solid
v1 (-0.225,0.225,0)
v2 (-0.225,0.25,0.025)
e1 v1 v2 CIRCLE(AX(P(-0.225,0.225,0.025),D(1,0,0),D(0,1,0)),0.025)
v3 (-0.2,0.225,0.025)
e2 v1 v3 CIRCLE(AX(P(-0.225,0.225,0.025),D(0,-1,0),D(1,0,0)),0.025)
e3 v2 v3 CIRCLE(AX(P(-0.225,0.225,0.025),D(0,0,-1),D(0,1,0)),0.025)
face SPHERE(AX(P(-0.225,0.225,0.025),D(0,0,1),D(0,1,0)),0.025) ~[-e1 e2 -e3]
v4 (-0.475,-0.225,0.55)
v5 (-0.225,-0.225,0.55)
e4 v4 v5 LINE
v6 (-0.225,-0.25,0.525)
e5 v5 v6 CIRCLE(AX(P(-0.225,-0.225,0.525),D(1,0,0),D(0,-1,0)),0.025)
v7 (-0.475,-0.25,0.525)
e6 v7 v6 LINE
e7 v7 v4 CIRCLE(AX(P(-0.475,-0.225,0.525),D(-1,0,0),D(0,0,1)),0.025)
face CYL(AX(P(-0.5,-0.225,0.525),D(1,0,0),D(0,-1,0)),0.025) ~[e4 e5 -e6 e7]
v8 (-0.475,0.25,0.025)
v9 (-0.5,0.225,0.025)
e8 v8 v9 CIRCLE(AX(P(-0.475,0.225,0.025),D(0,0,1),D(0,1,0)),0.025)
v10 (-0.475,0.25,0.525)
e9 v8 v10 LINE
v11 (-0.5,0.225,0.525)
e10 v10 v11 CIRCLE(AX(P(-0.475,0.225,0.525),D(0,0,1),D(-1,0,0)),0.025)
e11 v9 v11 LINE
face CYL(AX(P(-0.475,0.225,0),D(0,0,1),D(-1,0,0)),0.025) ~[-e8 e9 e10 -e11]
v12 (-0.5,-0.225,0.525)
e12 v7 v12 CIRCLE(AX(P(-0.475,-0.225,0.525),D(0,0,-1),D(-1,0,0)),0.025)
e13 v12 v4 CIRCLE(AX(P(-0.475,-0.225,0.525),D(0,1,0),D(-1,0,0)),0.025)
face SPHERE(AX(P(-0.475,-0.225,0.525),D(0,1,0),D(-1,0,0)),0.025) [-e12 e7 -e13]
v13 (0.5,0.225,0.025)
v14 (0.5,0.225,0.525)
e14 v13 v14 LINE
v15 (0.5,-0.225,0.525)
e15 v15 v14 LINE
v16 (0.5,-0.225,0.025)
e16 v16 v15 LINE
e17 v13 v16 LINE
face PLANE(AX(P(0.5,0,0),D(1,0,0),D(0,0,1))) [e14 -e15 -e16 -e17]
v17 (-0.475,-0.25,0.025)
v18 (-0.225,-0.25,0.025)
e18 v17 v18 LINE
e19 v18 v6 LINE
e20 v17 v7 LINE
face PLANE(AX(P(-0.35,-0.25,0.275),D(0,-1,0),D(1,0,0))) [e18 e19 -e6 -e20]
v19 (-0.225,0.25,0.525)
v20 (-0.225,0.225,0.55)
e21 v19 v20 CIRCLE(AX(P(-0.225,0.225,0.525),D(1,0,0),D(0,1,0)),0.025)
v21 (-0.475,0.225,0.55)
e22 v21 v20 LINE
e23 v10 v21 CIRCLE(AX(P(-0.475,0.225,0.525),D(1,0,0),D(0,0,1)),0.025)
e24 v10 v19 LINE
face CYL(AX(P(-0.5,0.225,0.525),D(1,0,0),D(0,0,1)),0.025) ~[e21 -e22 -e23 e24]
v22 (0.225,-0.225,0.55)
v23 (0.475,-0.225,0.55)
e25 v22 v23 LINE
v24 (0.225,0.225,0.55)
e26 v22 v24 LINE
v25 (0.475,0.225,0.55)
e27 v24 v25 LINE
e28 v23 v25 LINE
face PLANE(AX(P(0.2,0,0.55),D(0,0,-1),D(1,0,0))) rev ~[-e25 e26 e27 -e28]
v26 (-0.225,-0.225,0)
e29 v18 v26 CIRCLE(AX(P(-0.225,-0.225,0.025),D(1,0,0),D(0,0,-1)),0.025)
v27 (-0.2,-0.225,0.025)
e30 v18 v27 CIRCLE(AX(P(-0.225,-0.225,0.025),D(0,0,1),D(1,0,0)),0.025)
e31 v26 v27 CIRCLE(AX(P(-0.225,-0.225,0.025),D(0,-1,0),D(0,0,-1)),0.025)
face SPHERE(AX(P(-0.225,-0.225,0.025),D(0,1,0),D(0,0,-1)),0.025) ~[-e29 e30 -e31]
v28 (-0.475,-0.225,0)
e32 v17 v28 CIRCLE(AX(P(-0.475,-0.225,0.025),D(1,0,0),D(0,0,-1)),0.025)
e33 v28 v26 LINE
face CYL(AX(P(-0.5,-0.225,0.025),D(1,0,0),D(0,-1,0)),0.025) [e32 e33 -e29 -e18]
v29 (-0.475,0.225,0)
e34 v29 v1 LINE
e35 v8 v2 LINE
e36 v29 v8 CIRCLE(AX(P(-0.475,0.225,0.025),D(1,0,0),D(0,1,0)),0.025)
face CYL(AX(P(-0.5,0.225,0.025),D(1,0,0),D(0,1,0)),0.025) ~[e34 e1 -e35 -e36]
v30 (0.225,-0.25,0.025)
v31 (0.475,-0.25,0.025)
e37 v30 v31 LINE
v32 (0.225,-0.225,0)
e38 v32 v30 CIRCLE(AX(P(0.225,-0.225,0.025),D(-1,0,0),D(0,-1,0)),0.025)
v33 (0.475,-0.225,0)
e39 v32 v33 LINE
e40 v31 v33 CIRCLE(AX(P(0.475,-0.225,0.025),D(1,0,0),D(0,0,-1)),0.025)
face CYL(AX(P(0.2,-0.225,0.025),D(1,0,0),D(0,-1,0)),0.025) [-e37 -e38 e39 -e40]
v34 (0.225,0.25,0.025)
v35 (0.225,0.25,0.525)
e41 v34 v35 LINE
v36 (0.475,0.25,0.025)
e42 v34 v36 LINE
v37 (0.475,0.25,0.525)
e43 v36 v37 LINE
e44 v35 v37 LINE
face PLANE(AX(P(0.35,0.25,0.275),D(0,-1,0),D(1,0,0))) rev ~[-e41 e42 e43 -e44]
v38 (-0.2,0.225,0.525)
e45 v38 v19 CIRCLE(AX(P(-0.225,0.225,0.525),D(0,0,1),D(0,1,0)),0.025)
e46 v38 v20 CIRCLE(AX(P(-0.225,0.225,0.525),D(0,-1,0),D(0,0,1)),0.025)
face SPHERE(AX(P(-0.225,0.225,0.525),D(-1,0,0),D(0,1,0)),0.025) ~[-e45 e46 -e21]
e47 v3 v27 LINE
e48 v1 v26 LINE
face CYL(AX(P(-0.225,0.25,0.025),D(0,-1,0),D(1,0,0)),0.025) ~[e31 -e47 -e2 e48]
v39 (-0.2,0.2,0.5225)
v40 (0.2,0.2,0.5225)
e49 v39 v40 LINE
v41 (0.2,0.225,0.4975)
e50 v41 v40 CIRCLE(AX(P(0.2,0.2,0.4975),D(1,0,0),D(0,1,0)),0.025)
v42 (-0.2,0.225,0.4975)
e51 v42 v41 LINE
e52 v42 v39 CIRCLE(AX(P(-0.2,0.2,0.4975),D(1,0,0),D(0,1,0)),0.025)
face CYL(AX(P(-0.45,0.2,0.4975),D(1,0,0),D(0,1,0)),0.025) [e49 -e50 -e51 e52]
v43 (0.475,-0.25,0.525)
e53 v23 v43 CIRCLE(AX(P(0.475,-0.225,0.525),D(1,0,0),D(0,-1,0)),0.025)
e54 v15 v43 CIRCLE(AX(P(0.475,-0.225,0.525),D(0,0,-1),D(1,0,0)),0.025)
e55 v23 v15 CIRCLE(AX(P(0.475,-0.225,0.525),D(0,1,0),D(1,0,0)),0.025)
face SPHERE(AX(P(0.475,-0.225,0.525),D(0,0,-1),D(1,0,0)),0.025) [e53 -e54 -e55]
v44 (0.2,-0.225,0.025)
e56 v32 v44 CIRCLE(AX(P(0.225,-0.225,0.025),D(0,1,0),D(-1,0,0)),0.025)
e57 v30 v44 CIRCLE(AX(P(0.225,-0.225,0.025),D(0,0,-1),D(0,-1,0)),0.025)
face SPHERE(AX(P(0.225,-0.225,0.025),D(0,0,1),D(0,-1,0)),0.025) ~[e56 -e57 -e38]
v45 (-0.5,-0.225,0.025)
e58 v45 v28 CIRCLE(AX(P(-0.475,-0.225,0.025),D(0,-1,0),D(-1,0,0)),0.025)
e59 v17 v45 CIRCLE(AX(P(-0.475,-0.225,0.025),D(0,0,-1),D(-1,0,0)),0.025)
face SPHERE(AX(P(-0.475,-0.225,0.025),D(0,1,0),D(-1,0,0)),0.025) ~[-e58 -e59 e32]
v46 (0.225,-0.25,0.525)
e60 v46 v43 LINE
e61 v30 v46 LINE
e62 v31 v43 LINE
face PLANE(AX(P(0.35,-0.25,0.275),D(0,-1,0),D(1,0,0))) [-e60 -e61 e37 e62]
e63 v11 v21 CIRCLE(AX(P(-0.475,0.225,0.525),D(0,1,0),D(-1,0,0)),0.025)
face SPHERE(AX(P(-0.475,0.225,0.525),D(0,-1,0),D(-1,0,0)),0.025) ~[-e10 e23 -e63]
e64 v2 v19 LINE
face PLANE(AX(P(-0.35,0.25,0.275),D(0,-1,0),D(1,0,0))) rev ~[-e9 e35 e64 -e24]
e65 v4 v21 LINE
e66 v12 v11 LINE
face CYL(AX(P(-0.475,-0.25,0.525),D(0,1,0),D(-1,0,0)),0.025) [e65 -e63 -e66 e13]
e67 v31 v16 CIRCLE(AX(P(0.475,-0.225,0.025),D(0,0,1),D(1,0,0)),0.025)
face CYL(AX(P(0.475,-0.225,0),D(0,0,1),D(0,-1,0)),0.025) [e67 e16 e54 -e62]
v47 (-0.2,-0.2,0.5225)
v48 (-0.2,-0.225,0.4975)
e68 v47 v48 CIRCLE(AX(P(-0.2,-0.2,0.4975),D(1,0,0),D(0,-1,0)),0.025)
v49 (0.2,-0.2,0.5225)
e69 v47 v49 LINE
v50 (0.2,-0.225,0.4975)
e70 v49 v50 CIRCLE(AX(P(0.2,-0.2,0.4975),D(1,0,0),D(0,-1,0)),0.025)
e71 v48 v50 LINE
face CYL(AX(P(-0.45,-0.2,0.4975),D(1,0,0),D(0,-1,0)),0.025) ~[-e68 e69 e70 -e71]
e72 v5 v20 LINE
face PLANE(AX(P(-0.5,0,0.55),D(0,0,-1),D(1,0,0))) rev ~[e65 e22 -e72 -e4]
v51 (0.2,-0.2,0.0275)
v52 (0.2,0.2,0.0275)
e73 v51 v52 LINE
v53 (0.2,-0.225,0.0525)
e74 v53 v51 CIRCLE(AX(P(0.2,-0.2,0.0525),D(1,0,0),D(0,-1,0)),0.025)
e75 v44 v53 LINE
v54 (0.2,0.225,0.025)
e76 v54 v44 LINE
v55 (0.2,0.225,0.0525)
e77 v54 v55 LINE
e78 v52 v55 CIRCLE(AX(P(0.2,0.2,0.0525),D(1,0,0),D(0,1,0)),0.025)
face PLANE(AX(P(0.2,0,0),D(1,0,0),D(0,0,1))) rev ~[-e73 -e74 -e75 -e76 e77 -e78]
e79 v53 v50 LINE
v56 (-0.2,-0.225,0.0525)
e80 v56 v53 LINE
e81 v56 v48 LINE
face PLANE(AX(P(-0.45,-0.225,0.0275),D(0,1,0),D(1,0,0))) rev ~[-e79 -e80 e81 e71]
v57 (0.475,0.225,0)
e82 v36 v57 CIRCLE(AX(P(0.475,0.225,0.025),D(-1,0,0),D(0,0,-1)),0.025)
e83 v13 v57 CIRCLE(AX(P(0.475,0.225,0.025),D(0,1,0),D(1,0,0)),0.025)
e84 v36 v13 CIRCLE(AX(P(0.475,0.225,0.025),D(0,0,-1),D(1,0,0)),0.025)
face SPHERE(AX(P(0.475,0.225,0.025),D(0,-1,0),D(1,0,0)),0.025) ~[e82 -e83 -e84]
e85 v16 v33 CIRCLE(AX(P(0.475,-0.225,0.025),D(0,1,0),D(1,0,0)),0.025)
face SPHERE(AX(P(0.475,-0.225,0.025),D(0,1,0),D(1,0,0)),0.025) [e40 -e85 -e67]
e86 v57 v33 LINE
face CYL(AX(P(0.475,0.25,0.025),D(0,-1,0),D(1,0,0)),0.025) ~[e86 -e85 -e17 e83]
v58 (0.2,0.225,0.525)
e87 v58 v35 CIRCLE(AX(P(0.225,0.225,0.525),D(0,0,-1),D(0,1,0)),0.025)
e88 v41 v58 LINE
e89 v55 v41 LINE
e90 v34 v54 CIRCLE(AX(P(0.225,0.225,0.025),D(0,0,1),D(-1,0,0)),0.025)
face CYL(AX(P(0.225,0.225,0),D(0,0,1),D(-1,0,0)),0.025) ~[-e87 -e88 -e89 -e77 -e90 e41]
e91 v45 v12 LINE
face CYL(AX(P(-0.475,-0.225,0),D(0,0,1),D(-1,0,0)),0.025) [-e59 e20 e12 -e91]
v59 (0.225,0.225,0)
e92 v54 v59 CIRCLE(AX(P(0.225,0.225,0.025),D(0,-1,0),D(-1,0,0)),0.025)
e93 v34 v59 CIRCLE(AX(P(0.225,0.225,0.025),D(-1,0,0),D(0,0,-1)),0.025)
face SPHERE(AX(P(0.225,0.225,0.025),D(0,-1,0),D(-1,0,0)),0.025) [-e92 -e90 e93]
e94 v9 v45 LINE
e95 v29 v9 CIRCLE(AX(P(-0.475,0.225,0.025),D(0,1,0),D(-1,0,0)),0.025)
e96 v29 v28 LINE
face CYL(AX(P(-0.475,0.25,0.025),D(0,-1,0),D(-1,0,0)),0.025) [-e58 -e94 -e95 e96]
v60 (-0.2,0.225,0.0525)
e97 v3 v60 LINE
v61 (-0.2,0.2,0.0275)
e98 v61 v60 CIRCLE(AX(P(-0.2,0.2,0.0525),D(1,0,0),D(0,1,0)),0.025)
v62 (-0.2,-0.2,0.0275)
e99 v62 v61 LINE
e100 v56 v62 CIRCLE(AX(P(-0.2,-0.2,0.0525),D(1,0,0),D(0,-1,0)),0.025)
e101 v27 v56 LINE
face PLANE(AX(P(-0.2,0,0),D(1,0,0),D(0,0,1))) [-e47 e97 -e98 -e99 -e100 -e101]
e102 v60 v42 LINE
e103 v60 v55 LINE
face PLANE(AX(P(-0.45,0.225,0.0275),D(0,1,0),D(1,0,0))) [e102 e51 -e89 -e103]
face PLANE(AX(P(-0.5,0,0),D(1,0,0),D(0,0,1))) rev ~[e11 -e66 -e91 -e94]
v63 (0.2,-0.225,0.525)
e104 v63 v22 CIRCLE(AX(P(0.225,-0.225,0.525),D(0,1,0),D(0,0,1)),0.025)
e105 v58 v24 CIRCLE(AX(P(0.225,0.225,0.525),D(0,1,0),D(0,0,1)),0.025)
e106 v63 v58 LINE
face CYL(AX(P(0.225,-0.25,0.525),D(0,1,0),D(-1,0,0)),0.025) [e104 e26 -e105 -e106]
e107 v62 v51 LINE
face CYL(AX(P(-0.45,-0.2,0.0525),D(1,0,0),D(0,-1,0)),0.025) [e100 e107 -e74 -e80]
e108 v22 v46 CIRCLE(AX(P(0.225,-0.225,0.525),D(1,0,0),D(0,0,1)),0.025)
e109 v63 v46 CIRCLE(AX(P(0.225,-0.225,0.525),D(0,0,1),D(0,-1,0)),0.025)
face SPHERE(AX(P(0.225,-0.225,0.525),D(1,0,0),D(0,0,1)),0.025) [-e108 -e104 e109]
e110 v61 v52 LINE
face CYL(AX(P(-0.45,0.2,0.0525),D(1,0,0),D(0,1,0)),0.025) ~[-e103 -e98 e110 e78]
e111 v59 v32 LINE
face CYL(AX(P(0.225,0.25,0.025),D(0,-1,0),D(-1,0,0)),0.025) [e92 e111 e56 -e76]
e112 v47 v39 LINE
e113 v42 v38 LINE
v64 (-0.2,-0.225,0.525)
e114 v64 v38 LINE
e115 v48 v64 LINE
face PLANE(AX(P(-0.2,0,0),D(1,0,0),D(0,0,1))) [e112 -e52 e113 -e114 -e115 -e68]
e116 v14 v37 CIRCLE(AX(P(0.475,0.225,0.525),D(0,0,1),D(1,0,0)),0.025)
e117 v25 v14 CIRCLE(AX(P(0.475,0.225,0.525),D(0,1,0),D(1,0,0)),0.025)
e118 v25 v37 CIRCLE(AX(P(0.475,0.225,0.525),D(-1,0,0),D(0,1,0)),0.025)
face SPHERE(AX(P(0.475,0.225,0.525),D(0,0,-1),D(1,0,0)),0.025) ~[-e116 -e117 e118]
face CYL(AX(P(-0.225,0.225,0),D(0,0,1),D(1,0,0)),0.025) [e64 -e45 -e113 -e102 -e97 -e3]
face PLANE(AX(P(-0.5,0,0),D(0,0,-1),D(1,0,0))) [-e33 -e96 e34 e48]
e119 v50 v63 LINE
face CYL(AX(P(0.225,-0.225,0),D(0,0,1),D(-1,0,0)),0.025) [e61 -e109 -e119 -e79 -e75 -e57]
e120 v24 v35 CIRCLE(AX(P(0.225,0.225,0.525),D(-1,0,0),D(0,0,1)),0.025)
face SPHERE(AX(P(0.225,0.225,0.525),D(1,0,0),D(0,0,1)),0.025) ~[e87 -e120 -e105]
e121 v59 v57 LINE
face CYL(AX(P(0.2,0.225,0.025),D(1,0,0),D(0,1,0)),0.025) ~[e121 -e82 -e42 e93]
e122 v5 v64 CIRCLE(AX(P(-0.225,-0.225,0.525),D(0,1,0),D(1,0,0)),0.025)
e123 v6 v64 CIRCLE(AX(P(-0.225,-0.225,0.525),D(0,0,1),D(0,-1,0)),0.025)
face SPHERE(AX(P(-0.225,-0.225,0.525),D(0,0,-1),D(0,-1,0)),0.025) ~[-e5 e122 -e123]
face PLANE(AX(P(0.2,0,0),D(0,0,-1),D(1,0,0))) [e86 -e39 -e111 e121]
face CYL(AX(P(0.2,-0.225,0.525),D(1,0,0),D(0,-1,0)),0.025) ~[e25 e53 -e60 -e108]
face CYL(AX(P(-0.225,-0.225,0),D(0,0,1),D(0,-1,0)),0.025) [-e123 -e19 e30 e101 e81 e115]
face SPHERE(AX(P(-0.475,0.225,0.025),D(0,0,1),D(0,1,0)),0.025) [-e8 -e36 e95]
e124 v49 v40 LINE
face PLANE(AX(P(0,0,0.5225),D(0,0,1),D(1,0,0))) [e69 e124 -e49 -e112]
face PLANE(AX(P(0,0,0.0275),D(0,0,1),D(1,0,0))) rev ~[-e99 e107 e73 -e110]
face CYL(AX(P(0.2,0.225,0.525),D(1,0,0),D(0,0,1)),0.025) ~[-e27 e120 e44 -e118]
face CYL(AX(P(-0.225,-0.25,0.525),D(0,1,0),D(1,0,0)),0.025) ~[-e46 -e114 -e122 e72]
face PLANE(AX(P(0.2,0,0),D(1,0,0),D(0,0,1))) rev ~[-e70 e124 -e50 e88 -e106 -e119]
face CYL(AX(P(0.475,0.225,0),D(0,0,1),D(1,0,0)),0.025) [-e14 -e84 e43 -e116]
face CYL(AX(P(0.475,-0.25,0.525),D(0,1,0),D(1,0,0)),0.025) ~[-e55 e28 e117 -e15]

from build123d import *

# Parameters (mm, degrees)
SKETCH002_W  = 0.3
SKETCH002_H  = 0.55
PAD002_DEPTH = 0.25
FILLET001_R  = 0.025
SKETCH001_W  = 0.3
SKETCH001_H  = 0.55
PAD001_DEPTH = 0.25
FILLET_R     = 0.025
SKETCH_W     = 0.9
SKETCH_H     = 0.45
PAD_DEPTH    = 0.495
FILLET002_R  = 0.025


with BuildPart() as body002:
    # Sketch002 → Pad002 (new body, symmetric)
    with BuildSketch(Plane.XZ):
        with Locations((0.35, 0.275)):
            Rectangle(SKETCH002_W, SKETCH002_H)
    extrude(amount=PAD002_DEPTH, both=True)

    # Fillet001
    fillet001_edges = [body002.edges().sort_by_distance(p)[0] for p in [
        (0.5, 0, 0),
        (0.5, 0.25, 0.275),
        (0.5, -0.25, 0.275),
        (0.5, 0, 0.55),
        (0.35, -0.25, 0.55),
        (0.35, 0.25, 0.55),
        (0.2, 0, 0.55),
        (0.2, -0.25, 0.275),
        (0.35, -0.25, 0),
        (0.2, 0, 0),
        (0.2, 0.25, 0.275),
        (0.35, 0.25, 0),
    ]]
    fillet(fillet001_edges, radius=FILLET001_R)


with BuildPart() as body001:
    # Sketch001 → Pad001 (new body, symmetric)
    with BuildSketch(Plane.XZ):
        with Locations((-0.35, 0.275)):
            Rectangle(SKETCH001_W, SKETCH001_H)
    extrude(amount=PAD001_DEPTH, both=True)

    # Fillet
    fillet_edges = [body001.edges().sort_by_distance(p)[0] for p in [
        (-0.5, 0, 0.55),
        (-0.5, 0.25, 0.275),
        (-0.35, 0.25, 0.55),
        (-0.2, 0.25, 0.275),
        (-0.35, 0.25, 0),
        (-0.2, 0, 0),
        (-0.5, 0, 0),
        (-0.5, -0.25, 0.275),
        (-0.35, -0.25, 0),
        (-0.2, -0.25, 0.275),
        (-0.35, -0.25, 0.55),
        (-0.2, 0, 0.55),
    ]]
    fillet(fillet_edges, radius=FILLET_R)


with BuildPart() as fusion:
    # Sketch → Pad (new body)
    with BuildSketch(Plane.XY.offset(0.0275)):
        Rectangle(SKETCH_W, SKETCH_H)
    extrude(amount=PAD_DEPTH)

    # Fillet002
    fillet002_edges = [fusion.edges().sort_by_distance(p)[0] for p in [
        (0, -0.225, 0.5225),
        (0, 0.225, 0.5225),
        (0, -0.225, 0.0275),
        (0, 0.225, 0.0275),
    ]]
    fillet(fillet002_edges, radius=FILLET002_R)

    # Fusion: union Body002, Body001
    add(body002.part)
    add(body001.part)


solid = fusion.part
